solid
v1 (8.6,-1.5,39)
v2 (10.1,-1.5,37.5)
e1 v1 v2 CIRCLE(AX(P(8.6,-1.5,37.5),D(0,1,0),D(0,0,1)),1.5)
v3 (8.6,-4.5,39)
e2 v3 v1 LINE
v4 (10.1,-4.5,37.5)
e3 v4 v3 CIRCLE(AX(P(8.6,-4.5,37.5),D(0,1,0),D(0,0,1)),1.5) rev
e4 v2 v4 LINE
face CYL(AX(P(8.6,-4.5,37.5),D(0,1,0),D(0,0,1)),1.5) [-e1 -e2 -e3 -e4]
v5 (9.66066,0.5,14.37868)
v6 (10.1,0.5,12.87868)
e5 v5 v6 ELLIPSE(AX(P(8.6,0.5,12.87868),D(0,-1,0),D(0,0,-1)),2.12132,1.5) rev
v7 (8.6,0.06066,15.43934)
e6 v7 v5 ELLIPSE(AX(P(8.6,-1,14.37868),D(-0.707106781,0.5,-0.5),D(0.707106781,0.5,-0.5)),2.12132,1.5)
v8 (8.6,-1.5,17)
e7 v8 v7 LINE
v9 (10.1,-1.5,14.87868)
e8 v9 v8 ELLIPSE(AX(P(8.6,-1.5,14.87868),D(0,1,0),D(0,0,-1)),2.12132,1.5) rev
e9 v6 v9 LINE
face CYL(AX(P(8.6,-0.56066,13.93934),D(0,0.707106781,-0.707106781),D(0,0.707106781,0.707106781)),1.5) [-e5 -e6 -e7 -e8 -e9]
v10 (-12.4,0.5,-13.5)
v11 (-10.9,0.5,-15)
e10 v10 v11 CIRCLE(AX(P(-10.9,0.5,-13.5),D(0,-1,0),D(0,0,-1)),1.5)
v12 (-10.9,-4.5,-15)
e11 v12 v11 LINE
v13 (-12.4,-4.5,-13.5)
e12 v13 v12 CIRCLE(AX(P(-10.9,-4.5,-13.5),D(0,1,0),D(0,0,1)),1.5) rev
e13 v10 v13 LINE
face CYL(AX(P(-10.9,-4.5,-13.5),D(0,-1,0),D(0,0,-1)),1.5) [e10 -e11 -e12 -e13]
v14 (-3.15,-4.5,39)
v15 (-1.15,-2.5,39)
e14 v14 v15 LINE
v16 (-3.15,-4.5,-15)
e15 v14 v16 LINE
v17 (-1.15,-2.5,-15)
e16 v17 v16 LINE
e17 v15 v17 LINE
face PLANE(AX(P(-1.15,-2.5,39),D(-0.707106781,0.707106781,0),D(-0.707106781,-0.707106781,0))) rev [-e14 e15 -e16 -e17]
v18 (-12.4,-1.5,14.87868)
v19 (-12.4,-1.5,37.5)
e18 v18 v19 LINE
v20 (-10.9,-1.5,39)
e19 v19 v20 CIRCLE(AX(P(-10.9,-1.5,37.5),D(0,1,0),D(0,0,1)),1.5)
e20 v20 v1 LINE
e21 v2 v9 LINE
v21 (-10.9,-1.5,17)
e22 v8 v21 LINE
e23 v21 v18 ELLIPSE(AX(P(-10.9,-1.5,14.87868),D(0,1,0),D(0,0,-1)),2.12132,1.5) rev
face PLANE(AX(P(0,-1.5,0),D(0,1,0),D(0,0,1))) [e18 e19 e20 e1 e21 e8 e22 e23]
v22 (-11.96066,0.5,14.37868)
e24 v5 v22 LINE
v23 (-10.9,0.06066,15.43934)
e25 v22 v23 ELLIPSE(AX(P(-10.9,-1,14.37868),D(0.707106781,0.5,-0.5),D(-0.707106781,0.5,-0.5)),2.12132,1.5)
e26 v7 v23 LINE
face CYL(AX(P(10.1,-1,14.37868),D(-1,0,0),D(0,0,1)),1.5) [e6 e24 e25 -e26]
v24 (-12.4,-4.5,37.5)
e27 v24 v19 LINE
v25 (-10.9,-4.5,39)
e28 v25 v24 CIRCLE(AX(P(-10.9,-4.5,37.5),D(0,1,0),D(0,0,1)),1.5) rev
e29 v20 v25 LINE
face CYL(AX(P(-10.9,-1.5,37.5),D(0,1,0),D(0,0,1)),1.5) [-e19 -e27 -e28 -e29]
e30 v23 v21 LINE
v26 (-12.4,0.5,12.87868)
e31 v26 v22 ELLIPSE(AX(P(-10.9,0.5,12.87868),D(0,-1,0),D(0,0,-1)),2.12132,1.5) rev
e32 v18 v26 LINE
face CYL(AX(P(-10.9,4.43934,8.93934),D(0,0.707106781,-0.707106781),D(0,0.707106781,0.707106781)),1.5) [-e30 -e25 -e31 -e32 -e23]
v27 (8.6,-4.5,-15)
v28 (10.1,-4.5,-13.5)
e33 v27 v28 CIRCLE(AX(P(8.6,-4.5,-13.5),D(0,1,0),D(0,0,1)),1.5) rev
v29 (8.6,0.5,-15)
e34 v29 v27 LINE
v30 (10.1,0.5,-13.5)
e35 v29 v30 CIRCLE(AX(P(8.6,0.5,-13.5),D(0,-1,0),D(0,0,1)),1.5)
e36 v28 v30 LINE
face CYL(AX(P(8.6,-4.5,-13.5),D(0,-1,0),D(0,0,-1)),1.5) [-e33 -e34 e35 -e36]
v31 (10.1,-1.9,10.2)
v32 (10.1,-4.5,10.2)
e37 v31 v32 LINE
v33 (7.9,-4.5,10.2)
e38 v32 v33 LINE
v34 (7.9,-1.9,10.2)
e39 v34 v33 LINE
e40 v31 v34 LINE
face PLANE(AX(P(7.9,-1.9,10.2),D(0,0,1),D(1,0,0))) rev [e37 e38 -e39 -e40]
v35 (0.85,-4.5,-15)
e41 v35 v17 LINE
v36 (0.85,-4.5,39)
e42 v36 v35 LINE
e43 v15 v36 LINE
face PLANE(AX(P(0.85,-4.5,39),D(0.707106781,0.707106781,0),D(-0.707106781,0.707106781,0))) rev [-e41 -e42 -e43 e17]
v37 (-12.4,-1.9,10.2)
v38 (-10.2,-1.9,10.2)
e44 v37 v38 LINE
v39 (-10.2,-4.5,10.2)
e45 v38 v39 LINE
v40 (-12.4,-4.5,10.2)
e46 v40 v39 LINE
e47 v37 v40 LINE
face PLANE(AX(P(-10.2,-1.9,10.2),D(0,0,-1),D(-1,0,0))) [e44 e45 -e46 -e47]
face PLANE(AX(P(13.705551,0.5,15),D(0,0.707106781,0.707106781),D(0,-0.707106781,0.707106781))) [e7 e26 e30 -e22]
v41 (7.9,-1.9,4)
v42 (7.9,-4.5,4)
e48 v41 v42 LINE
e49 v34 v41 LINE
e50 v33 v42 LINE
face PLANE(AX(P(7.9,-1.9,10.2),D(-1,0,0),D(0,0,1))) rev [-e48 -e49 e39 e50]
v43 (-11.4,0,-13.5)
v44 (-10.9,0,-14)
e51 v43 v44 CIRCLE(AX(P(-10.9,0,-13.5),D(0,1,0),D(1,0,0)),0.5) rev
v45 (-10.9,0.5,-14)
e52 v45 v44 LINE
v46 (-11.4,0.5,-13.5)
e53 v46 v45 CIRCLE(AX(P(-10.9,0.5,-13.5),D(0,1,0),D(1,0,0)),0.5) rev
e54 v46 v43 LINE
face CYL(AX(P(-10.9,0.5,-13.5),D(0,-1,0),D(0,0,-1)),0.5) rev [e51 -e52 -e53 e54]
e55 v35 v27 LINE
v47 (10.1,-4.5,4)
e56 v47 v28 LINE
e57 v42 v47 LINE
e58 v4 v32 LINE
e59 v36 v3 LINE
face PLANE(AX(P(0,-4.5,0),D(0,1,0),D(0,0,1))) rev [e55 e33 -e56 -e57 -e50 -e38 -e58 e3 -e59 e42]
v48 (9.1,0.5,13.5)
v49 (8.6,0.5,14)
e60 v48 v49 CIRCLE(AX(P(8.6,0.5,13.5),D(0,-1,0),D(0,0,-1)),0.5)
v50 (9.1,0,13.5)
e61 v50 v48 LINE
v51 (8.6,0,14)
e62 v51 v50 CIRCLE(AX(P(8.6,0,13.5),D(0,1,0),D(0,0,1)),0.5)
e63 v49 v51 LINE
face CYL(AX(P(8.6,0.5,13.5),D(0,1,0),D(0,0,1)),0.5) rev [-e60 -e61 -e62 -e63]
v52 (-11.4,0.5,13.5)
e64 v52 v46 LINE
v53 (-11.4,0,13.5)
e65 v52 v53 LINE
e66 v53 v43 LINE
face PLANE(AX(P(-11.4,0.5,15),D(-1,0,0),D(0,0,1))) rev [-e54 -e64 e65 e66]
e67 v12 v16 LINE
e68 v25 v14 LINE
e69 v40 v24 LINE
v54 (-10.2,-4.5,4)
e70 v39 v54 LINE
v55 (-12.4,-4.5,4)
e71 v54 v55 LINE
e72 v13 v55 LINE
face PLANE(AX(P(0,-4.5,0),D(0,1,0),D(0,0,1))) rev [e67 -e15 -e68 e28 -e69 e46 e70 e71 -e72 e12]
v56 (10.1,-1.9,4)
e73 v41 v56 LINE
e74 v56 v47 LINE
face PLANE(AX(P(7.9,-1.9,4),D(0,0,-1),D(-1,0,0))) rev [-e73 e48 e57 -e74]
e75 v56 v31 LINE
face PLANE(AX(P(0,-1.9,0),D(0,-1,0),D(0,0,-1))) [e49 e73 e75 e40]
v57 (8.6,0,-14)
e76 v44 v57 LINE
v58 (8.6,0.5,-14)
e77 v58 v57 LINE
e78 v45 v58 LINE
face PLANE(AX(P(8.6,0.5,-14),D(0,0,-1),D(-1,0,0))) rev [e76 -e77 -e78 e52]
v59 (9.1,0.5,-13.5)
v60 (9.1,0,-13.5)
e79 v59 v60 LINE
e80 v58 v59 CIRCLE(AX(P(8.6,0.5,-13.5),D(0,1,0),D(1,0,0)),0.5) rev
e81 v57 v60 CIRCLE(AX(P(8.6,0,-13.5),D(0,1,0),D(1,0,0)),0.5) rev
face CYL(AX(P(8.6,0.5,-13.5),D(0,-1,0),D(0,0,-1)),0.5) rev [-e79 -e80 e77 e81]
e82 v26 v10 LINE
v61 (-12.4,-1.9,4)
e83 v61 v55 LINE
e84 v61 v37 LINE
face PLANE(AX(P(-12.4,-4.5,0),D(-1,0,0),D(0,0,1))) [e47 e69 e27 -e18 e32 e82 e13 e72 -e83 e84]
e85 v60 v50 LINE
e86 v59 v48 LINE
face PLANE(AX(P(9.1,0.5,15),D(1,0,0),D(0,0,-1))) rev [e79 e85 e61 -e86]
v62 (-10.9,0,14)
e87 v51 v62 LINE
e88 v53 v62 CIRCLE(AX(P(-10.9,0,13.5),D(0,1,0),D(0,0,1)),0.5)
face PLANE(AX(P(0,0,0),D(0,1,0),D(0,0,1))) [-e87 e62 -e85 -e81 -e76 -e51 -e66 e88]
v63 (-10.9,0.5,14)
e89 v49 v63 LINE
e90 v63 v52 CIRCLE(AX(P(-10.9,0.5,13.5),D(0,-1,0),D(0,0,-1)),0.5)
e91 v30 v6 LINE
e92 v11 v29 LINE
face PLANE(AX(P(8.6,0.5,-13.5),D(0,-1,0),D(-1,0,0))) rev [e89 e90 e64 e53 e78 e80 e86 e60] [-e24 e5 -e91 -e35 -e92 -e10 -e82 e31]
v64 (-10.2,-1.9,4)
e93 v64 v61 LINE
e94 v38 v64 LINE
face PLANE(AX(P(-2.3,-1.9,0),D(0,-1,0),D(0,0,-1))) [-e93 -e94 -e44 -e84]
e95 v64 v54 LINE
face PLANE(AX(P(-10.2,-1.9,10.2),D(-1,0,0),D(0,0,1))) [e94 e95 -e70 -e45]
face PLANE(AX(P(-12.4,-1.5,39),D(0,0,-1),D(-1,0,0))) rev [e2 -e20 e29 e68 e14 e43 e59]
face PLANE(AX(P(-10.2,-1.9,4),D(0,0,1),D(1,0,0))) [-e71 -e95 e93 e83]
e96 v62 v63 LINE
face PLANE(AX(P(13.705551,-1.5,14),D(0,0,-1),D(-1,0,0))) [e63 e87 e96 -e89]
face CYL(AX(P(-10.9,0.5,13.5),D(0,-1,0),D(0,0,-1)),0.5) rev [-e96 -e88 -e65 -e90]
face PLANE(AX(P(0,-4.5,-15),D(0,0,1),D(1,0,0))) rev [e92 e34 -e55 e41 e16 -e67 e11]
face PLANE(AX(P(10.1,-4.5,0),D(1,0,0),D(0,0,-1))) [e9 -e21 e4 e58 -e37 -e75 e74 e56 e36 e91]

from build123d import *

# Parameters (mm, degrees)
SURFACE_SKETCH_W         = 22.5
SURFACE_SKETCH_H         = 30
BODY_DEPTH               = 4.5
SKETCH_19_W              = 22.5
SKETCH_19_H              = 24
EXTRUDE_4_DEPTH          = 3
FILLET_6_R               = 1.5
MAGNET_CUTOUT_SKETCH_W   = 2.2
MAGNET_CUTOUT_SKETCH_H   = 6.2
MAGNET_CUTOUT_DEPTH      = 2.6
BORDER_DEPTH             = 0.5
CHAMPFER_DEPTH           = 22.5
FILLET_7_R               = 1.5
FILLET_8_R               = 0.5
CUT_EXTRUDE_1_DEPTH      = 23.5
CUT_EXTRUDE_2_DEPTH      = 1
CUT_EXTRUDE_2_DEPTH_BACK = 55


with BuildPart() as part:
    # surface_sketch → body (new body)
    with BuildSketch(Plane(origin=(0, 0, 0), x_dir=(1, 0, 0), z_dir=(0, 1, 0))):
        with Locations((-1.15, 0)):
            Rectangle(SURFACE_SKETCH_W, SURFACE_SKETCH_H)
    extrude(amount=-BODY_DEPTH)

    # Эскиз19 → Бобышка-Вытянуть4 (add)
    with BuildSketch(Plane(origin=(0, -4.5, 0), x_dir=(1, 0, 0), z_dir=(0, 1, 0))):
        with Locations((-1.15, -27)):
            Rectangle(SKETCH_19_W, SKETCH_19_H)
    extrude(amount=EXTRUDE_4_DEPTH)

    # Скругление6
    fillet_6_edges = [part.edges().sort_by_distance(p)[0] for p in [
        (-12.4, -3, 39),
        (10.1, -3, 39),
        (10.1, -2.25, -15),
        (-12.4, -2.25, -15),
    ]]
    fillet(fillet_6_edges, radius=FILLET_6_R)

    # magnet_cutout_sketch → magnet_cutout (cut)
    with BuildSketch(Plane.XZ.offset(4.5)):
        with Locations((9, 7.1)):
            Rectangle(MAGNET_CUTOUT_SKETCH_W, MAGNET_CUTOUT_SKETCH_H)
    magnet_cutout = extrude(amount=-MAGNET_CUTOUT_DEPTH, mode=Mode.SUBTRACT)

    # magnet_cutout_mirror: magnet_cutout across plane
    add(magnet_cutout.mirror(Plane(origin=(-1.15, 0, 0), x_dir=(0, 0, 1), z_dir=(1, 0, 0))), mode=Mode.SUBTRACT)

    # border_sketch → border (add)
    with BuildSketch(Plane(origin=(0, 0, 0), x_dir=(1, 0, 0), z_dir=(0, 1, 0))):
        with BuildLine():
            Line((-12.4, -15), (-12.4, 13.5))
            ThreePointArc((-12.4, 13.5), (-11.960660172, 14.560660172), (-10.9, 15))
            Line((-10.9, 15), (8.6, 15))
            ThreePointArc((8.6, 15), (9.660660172, 14.560660172), (10.1, 13.5))
            Line((10.1, 13.5), (10.1, -15))
            Line((10.1, -15), (9.1, -15))
            Line((9.1, -15), (9.1, 13.5))
            ThreePointArc((9.1, 13.5), (8.953553391, 13.853553391), (8.6, 14))
            Line((8.6, 14), (-10.9, 14))
            ThreePointArc((-10.9, 14), (-11.253553391, 13.853553391), (-11.4, 13.5))
            Line((-11.4, 13.5), (-11.4, -15))
            Line((-11.4, -15), (-12.4, -15))
        make_face()
    extrude(amount=BORDER_DEPTH)

    # Эскиз21 → champfer (add)
    with BuildSketch(Plane.ZY.offset(12.4)):
        Polygon((15, 0.5), (17, -1.5), (15, -1.5), (14, -1.5), (14, 0.5), align=None)
    extrude(amount=-CHAMPFER_DEPTH)

    # Скругление7
    fillet_7_edges = [part.edges().sort_by_distance(p)[0] for p in [
        (-12.4, -0.5, 16),
        (10.1, -0.5, 16),
    ]]
    fillet(fillet_7_edges, radius=FILLET_7_R)

    # Скругление8
    fillet_8_edges = [part.edges().sort_by_distance(p)[0] for p in [
        (9.1, 0.25, 14),
        (-11.4, 0.25, 14),
    ]]
    fillet(fillet_8_edges, radius=FILLET_8_R)

    # Эскиз22 → Вырез-Вытянуть1 (cut, through all)
    with BuildSketch(Plane.ZY.offset(12.4)):
        with BuildLine():
            Line((12.878679656, 0.5), (14.378679656, 0.5))
            ThreePointArc((14.378679656, 0.5), (14.952704805, 0.385819299), (15.439339828, 0.060660172))
            Line((15.439339828, 0.060660172), (17, -1.5))
            Line((17, -1.5), (17.923275361, -1.5))
            Line((17.923275361, -1.5), (15.181180077, 1.242095285))
            Line((15.181180077, 1.242095285), (12.878679656, 1.122407091))
            Line((12.878679656, 1.122407091), (12.878679656, 0.5))
        make_face()
    extrude(amount=-CUT_EXTRUDE_1_DEPTH, mode=Mode.SUBTRACT)

    # Эскиз23 → Вырез-Вытянуть2 (cut, two sides)
    with BuildSketch(Plane(origin=(0, 0, -15), x_dir=(-1, 0, 0), z_dir=(0, 0, -1))) as cut_extrude_2_sk:
        Polygon((1.15, -4.5), (-0.85, -4.5), (1.15, -2.5), (3.15, -4.5), align=None)
    extrude(amount=CUT_EXTRUDE_2_DEPTH, mode=Mode.SUBTRACT)
    extrude(cut_extrude_2_sk.sketch, amount=-CUT_EXTRUDE_2_DEPTH_BACK, mode=Mode.SUBTRACT)


solid = part.part
